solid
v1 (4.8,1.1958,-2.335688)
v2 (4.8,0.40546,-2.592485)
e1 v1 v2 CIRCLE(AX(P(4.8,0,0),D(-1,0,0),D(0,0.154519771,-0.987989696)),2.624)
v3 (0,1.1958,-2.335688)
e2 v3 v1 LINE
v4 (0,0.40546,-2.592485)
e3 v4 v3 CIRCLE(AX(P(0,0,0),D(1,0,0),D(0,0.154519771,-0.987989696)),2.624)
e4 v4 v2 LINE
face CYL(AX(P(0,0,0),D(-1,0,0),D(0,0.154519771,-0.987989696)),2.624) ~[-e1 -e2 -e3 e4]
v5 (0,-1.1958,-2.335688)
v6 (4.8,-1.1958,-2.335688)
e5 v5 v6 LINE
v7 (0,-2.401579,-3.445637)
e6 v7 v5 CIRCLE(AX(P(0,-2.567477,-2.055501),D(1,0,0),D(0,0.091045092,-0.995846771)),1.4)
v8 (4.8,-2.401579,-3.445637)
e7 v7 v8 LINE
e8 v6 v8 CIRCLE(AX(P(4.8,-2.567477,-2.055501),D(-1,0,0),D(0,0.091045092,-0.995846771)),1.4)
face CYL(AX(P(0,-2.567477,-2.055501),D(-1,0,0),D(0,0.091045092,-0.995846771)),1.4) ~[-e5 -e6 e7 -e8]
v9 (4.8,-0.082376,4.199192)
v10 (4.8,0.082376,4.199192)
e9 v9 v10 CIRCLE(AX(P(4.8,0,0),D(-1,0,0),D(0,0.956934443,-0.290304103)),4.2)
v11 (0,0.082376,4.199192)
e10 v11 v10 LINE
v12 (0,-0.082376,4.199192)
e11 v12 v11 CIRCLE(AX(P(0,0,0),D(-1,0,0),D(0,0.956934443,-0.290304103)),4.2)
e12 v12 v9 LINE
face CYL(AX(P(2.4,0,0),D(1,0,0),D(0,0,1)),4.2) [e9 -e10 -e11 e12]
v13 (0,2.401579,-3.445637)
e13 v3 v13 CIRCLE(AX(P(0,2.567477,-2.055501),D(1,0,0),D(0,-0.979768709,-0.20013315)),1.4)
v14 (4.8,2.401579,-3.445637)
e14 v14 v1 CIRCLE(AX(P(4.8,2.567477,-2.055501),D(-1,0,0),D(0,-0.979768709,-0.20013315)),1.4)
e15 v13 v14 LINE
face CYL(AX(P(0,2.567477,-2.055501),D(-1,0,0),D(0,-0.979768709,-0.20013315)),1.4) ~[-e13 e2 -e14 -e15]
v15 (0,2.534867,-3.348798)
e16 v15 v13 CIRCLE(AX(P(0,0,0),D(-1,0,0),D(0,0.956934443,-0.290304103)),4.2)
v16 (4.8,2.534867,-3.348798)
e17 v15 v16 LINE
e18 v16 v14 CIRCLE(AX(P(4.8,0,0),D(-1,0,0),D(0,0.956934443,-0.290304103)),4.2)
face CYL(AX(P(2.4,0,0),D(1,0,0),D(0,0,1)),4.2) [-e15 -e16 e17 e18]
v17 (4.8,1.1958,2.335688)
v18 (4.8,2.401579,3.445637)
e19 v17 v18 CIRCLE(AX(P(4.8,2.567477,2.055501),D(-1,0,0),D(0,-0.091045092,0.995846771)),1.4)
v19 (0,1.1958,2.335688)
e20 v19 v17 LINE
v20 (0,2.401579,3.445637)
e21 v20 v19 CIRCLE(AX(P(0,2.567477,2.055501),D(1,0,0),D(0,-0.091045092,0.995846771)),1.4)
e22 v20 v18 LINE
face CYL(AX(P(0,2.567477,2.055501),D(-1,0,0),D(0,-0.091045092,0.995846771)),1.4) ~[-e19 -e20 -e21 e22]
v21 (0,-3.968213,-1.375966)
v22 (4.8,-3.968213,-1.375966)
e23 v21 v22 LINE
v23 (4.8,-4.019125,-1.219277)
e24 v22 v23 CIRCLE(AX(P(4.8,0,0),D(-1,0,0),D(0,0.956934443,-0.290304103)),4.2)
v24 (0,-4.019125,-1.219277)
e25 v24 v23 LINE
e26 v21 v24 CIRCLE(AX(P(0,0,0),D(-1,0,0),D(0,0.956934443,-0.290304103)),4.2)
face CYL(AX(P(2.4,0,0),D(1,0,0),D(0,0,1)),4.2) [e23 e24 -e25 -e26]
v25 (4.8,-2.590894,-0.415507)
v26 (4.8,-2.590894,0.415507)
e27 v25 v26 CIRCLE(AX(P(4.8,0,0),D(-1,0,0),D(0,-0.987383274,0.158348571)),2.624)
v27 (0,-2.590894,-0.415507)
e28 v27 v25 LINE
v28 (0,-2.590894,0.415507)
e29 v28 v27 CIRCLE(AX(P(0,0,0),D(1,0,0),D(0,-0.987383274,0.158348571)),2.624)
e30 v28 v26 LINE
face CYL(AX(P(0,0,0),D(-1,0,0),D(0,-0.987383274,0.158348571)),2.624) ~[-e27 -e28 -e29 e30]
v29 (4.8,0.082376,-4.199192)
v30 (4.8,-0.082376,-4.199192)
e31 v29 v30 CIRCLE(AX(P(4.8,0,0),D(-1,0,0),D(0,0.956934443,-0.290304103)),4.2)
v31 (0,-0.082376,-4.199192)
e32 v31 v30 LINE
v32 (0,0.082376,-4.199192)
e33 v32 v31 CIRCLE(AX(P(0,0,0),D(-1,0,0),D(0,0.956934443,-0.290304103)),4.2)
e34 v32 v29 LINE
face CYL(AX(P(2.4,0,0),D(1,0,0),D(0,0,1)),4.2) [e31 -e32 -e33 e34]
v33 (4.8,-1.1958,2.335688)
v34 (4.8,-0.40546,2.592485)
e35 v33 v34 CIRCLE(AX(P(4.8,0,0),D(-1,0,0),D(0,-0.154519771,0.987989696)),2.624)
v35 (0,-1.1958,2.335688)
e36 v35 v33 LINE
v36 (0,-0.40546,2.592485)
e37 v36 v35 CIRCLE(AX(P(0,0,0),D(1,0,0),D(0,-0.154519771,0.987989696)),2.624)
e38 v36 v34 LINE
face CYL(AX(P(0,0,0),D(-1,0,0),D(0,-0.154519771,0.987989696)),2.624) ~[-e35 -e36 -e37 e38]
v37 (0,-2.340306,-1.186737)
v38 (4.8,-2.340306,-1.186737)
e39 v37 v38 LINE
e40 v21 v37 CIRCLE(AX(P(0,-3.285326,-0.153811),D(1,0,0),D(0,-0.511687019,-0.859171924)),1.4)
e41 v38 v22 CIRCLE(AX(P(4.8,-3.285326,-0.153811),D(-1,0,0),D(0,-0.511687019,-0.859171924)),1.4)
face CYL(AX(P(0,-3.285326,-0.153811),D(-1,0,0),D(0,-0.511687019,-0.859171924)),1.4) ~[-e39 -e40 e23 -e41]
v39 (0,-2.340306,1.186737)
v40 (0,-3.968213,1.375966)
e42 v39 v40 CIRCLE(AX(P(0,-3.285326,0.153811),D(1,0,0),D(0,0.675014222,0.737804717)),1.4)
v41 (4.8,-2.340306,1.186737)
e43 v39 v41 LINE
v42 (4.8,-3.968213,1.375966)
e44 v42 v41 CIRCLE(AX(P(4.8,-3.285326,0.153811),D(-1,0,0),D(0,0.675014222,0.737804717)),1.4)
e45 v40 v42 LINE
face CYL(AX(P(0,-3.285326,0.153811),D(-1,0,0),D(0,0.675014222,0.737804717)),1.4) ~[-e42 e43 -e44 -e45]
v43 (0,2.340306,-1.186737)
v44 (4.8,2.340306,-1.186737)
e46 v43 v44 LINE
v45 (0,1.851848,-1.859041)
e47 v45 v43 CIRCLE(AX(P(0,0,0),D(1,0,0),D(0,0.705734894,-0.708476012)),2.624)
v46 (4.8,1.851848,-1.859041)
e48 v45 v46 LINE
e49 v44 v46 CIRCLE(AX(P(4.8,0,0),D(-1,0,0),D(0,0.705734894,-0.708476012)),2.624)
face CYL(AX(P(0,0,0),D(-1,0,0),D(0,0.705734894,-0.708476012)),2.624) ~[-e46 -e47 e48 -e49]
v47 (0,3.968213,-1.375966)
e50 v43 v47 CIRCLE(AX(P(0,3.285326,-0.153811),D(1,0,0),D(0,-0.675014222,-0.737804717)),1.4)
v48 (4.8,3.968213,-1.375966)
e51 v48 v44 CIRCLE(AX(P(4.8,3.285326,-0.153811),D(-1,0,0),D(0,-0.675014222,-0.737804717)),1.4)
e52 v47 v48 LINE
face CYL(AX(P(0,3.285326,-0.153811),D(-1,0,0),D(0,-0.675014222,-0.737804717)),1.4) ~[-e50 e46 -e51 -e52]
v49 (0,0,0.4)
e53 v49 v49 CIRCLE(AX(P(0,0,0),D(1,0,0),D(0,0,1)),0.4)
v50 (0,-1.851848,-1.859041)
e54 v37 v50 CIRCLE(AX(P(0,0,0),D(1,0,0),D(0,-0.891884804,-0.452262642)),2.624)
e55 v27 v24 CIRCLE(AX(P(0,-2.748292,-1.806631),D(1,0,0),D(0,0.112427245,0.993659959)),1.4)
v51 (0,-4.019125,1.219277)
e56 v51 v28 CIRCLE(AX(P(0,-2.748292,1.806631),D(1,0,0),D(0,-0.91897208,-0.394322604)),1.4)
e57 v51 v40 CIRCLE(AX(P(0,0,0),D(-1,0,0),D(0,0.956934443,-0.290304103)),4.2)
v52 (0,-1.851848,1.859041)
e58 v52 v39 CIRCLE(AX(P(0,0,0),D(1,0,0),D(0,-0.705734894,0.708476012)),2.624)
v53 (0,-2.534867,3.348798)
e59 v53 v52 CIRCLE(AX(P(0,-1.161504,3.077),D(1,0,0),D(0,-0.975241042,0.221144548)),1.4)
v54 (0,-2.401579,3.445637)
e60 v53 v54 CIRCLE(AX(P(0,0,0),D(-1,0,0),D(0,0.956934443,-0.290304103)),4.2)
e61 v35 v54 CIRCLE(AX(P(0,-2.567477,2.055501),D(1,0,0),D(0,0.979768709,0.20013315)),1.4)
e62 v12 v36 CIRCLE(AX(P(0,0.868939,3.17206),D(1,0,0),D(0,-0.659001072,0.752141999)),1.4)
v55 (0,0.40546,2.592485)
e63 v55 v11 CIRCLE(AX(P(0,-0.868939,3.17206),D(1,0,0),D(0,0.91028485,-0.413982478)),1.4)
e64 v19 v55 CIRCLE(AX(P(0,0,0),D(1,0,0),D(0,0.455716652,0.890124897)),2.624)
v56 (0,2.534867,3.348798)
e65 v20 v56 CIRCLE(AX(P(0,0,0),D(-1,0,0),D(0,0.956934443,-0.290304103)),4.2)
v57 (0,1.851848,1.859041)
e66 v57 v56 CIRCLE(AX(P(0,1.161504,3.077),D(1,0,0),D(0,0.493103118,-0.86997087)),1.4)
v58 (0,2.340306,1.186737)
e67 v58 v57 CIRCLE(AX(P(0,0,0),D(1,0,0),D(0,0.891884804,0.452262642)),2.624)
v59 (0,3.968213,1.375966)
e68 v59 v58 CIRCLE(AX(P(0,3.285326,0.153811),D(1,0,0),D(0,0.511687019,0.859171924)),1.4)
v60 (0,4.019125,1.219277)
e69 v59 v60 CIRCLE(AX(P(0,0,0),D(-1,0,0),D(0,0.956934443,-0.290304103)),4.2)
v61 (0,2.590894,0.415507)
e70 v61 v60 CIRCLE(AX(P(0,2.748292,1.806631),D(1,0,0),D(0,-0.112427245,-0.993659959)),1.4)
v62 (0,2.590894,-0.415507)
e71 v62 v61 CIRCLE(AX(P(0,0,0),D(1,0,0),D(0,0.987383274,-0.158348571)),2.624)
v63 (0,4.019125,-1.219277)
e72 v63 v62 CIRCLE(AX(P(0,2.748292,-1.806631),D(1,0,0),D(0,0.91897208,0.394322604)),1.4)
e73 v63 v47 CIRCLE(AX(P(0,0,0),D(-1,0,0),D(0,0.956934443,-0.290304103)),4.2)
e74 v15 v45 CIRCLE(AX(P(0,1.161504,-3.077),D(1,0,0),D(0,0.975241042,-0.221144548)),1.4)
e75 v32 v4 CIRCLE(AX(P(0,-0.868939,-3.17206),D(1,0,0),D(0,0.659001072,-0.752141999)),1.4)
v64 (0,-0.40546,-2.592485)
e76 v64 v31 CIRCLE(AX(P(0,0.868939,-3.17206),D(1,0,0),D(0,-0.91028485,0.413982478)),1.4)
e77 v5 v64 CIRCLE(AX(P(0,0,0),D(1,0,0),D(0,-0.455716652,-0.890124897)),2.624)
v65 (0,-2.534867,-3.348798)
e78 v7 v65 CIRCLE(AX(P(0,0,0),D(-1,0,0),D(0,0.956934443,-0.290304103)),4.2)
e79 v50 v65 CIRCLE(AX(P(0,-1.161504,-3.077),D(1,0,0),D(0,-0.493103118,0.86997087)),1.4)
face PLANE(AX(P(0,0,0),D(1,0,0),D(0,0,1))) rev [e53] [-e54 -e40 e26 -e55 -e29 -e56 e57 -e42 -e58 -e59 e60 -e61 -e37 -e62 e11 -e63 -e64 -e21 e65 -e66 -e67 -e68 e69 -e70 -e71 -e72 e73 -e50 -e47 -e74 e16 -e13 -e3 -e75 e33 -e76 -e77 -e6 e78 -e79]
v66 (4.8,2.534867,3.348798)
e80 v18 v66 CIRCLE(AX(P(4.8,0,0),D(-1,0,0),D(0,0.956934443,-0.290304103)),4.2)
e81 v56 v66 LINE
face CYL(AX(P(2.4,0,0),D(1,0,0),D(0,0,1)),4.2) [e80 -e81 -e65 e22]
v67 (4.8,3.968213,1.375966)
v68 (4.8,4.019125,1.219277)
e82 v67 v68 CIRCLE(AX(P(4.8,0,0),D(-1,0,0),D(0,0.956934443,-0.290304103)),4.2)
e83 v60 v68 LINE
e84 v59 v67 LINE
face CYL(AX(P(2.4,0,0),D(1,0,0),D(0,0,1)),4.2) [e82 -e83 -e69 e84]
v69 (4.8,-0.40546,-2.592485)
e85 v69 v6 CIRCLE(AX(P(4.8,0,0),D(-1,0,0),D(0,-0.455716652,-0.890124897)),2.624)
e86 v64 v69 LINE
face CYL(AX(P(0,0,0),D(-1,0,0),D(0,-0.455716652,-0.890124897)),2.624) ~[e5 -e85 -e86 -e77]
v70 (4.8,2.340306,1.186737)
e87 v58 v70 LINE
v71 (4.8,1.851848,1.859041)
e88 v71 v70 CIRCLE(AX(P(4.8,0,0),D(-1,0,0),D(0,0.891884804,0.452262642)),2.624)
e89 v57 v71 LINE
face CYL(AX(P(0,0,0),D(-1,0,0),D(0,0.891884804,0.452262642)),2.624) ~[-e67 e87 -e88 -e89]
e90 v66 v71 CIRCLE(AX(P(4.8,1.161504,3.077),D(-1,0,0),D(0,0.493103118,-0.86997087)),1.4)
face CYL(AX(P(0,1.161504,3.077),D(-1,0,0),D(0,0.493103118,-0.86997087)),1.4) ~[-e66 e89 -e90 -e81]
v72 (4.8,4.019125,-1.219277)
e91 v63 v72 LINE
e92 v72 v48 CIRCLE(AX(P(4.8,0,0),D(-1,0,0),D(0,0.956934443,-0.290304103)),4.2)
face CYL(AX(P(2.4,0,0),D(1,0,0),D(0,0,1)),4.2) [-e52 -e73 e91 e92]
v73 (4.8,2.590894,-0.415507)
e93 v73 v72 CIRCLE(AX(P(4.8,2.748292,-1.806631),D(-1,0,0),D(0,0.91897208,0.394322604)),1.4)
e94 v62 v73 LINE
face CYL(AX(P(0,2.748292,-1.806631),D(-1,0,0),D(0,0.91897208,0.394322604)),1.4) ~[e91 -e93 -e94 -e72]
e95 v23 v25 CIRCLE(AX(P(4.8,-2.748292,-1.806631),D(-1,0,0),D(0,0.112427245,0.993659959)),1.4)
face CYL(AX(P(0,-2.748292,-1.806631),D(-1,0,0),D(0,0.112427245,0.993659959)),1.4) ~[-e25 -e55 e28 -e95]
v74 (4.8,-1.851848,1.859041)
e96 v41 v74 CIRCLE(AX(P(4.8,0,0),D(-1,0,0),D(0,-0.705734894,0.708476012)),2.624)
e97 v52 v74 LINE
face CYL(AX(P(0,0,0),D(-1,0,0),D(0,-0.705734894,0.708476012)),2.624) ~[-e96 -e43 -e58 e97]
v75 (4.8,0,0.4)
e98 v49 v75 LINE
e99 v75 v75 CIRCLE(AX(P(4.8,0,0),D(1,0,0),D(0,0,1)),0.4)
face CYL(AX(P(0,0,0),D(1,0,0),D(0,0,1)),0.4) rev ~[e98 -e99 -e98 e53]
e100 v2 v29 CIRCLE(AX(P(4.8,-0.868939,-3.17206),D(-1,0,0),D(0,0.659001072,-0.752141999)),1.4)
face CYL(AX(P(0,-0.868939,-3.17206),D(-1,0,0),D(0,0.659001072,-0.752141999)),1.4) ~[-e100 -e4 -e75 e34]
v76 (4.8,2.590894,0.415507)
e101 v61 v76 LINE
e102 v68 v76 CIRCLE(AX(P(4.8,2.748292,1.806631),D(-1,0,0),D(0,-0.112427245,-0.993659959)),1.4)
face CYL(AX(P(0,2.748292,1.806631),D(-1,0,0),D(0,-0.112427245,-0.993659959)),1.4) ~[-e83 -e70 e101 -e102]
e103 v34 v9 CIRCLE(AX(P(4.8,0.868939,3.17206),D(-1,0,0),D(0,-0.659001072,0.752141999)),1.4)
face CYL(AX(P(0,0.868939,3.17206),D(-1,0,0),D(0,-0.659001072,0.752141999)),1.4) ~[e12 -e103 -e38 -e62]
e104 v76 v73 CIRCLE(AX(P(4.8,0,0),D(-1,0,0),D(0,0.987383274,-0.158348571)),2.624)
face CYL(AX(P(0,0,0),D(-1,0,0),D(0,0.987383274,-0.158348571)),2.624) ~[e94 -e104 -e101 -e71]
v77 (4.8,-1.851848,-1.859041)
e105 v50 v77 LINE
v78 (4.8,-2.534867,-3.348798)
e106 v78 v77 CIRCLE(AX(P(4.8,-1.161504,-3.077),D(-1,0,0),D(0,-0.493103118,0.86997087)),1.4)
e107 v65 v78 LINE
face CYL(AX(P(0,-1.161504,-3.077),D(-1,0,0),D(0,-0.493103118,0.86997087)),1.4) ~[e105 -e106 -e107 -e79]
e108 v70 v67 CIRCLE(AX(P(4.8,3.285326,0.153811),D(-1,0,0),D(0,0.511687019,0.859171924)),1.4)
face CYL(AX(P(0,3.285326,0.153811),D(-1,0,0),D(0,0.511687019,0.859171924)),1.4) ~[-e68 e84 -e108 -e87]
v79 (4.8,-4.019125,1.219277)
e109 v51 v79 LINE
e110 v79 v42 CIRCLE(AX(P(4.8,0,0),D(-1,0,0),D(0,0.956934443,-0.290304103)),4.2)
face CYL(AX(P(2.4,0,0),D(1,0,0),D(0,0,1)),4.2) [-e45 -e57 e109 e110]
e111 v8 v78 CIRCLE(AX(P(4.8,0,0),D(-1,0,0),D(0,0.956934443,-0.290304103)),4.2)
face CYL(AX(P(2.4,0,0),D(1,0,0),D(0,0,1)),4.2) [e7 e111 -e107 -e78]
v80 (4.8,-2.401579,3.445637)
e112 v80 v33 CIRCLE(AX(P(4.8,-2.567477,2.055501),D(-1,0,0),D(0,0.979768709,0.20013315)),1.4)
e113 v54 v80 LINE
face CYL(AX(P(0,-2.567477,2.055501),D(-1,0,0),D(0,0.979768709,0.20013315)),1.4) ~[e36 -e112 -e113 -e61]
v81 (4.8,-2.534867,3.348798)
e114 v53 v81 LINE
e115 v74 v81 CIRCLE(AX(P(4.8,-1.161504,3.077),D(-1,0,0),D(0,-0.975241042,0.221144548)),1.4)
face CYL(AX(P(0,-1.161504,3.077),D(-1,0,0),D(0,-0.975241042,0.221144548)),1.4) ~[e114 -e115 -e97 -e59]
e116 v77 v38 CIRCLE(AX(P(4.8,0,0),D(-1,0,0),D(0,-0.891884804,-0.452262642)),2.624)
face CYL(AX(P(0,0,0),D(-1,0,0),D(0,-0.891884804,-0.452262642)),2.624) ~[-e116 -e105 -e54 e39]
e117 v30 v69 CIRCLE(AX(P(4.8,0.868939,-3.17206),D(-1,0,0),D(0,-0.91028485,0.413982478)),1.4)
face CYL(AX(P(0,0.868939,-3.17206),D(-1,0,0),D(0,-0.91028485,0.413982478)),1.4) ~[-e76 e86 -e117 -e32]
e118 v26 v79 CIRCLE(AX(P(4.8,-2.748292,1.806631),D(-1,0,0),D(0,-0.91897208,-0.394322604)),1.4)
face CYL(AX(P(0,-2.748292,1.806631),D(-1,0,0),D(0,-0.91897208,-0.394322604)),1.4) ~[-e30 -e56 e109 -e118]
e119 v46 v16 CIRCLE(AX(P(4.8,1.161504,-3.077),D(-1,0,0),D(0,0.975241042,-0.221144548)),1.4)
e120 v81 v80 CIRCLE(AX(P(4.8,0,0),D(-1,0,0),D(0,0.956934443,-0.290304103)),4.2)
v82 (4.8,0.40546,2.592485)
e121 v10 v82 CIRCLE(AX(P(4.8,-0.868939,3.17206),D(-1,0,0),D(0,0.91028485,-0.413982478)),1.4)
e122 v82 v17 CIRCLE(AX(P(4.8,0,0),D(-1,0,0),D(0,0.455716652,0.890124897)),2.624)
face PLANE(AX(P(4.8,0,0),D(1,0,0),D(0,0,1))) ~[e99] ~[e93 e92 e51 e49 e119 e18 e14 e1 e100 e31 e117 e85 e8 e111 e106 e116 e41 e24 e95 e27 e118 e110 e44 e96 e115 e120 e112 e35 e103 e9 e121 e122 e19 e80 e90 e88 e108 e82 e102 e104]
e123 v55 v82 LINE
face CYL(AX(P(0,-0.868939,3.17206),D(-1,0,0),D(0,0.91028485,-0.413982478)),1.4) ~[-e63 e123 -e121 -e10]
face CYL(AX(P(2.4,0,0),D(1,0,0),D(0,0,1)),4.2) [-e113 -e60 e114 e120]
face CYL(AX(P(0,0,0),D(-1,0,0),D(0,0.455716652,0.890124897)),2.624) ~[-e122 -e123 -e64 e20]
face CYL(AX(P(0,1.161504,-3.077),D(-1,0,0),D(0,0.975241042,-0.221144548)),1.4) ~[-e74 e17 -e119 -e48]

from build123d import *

# Parameters (mm, degrees)
BASPROSKE_W     = 4.8
BASPROSKE_H     = 4.2
TOOTHCUT_DEPTH  = 8.636753237
TEETHCUTS_COUNT = 10
TEETHCUTS_ANGLE = 324
BORSKE_R        = 0.4
BORE_DEPTH      = 50.0000508


with BuildPart() as part:
    # BasProSke → Base-Revolve (revolve)
    with BuildSketch(Plane(origin=(0, 0, 0), x_dir=(1, 0, 0), z_dir=(0, 1, 0)), mode=Mode.PRIVATE) as base_revolve_sk:
        with Locations((2.4, 2.1)):
            Rectangle(BASPROSKE_W, BASPROSKE_H)
    revolve(base_revolve_sk.sketch.rotate(Axis((-10, 0, 0), (1, 0, 0)), 180), axis=Axis((-10, 0, 0), (1, 0, 0)))

    # TooCutSke → ToothCut (cut, through all)
    with BuildSketch(Plane(origin=(0, 0, 0), x_dir=(0, 0, -1), z_dir=(1, 0, 0))):
        with BuildLine():
            ThreePointArc((0.415506654, 2.590893711), (0, 2.624), (-0.415506654, 2.590893711))
            ThreePointArc((-0.415506654, 2.590893711), (-0.596160737, 3.451685568), (-1.254578949, 4.034852763))
            ThreePointArc((-1.254578949, 4.034852763), (0, 4.2254), (1.254578949, 4.034852763))
            ThreePointArc((1.254578949, 4.034852763), (0.596160737, 3.451685568), (0.415506654, 2.590893711))
        make_face()
    toothcut = extrude(amount=TOOTHCUT_DEPTH, mode=Mode.SUBTRACT)

    # TeethCuts: ToothCut ×10 about axis
    teethcuts_axis = Axis((-10, 0, 0), (1, 0, 0))
    for i in range(1, TEETHCUTS_COUNT):
        add(toothcut.rotate(teethcuts_axis, i * TEETHCUTS_ANGLE / (TEETHCUTS_COUNT - 1)), mode=Mode.SUBTRACT)

    # BorSke → Bore (cut, symmetric)
    with BuildSketch(Plane(origin=(0, 0, 0), x_dir=(0, 0, -1), z_dir=(1, 0, 0))):
        with Locations(Location((0, 0, 0), (0, 0, 180))):
            Circle(BORSKE_R)
    extrude(amount=BORE_DEPTH, both=True, mode=Mode.SUBTRACT)


solid = part.part
